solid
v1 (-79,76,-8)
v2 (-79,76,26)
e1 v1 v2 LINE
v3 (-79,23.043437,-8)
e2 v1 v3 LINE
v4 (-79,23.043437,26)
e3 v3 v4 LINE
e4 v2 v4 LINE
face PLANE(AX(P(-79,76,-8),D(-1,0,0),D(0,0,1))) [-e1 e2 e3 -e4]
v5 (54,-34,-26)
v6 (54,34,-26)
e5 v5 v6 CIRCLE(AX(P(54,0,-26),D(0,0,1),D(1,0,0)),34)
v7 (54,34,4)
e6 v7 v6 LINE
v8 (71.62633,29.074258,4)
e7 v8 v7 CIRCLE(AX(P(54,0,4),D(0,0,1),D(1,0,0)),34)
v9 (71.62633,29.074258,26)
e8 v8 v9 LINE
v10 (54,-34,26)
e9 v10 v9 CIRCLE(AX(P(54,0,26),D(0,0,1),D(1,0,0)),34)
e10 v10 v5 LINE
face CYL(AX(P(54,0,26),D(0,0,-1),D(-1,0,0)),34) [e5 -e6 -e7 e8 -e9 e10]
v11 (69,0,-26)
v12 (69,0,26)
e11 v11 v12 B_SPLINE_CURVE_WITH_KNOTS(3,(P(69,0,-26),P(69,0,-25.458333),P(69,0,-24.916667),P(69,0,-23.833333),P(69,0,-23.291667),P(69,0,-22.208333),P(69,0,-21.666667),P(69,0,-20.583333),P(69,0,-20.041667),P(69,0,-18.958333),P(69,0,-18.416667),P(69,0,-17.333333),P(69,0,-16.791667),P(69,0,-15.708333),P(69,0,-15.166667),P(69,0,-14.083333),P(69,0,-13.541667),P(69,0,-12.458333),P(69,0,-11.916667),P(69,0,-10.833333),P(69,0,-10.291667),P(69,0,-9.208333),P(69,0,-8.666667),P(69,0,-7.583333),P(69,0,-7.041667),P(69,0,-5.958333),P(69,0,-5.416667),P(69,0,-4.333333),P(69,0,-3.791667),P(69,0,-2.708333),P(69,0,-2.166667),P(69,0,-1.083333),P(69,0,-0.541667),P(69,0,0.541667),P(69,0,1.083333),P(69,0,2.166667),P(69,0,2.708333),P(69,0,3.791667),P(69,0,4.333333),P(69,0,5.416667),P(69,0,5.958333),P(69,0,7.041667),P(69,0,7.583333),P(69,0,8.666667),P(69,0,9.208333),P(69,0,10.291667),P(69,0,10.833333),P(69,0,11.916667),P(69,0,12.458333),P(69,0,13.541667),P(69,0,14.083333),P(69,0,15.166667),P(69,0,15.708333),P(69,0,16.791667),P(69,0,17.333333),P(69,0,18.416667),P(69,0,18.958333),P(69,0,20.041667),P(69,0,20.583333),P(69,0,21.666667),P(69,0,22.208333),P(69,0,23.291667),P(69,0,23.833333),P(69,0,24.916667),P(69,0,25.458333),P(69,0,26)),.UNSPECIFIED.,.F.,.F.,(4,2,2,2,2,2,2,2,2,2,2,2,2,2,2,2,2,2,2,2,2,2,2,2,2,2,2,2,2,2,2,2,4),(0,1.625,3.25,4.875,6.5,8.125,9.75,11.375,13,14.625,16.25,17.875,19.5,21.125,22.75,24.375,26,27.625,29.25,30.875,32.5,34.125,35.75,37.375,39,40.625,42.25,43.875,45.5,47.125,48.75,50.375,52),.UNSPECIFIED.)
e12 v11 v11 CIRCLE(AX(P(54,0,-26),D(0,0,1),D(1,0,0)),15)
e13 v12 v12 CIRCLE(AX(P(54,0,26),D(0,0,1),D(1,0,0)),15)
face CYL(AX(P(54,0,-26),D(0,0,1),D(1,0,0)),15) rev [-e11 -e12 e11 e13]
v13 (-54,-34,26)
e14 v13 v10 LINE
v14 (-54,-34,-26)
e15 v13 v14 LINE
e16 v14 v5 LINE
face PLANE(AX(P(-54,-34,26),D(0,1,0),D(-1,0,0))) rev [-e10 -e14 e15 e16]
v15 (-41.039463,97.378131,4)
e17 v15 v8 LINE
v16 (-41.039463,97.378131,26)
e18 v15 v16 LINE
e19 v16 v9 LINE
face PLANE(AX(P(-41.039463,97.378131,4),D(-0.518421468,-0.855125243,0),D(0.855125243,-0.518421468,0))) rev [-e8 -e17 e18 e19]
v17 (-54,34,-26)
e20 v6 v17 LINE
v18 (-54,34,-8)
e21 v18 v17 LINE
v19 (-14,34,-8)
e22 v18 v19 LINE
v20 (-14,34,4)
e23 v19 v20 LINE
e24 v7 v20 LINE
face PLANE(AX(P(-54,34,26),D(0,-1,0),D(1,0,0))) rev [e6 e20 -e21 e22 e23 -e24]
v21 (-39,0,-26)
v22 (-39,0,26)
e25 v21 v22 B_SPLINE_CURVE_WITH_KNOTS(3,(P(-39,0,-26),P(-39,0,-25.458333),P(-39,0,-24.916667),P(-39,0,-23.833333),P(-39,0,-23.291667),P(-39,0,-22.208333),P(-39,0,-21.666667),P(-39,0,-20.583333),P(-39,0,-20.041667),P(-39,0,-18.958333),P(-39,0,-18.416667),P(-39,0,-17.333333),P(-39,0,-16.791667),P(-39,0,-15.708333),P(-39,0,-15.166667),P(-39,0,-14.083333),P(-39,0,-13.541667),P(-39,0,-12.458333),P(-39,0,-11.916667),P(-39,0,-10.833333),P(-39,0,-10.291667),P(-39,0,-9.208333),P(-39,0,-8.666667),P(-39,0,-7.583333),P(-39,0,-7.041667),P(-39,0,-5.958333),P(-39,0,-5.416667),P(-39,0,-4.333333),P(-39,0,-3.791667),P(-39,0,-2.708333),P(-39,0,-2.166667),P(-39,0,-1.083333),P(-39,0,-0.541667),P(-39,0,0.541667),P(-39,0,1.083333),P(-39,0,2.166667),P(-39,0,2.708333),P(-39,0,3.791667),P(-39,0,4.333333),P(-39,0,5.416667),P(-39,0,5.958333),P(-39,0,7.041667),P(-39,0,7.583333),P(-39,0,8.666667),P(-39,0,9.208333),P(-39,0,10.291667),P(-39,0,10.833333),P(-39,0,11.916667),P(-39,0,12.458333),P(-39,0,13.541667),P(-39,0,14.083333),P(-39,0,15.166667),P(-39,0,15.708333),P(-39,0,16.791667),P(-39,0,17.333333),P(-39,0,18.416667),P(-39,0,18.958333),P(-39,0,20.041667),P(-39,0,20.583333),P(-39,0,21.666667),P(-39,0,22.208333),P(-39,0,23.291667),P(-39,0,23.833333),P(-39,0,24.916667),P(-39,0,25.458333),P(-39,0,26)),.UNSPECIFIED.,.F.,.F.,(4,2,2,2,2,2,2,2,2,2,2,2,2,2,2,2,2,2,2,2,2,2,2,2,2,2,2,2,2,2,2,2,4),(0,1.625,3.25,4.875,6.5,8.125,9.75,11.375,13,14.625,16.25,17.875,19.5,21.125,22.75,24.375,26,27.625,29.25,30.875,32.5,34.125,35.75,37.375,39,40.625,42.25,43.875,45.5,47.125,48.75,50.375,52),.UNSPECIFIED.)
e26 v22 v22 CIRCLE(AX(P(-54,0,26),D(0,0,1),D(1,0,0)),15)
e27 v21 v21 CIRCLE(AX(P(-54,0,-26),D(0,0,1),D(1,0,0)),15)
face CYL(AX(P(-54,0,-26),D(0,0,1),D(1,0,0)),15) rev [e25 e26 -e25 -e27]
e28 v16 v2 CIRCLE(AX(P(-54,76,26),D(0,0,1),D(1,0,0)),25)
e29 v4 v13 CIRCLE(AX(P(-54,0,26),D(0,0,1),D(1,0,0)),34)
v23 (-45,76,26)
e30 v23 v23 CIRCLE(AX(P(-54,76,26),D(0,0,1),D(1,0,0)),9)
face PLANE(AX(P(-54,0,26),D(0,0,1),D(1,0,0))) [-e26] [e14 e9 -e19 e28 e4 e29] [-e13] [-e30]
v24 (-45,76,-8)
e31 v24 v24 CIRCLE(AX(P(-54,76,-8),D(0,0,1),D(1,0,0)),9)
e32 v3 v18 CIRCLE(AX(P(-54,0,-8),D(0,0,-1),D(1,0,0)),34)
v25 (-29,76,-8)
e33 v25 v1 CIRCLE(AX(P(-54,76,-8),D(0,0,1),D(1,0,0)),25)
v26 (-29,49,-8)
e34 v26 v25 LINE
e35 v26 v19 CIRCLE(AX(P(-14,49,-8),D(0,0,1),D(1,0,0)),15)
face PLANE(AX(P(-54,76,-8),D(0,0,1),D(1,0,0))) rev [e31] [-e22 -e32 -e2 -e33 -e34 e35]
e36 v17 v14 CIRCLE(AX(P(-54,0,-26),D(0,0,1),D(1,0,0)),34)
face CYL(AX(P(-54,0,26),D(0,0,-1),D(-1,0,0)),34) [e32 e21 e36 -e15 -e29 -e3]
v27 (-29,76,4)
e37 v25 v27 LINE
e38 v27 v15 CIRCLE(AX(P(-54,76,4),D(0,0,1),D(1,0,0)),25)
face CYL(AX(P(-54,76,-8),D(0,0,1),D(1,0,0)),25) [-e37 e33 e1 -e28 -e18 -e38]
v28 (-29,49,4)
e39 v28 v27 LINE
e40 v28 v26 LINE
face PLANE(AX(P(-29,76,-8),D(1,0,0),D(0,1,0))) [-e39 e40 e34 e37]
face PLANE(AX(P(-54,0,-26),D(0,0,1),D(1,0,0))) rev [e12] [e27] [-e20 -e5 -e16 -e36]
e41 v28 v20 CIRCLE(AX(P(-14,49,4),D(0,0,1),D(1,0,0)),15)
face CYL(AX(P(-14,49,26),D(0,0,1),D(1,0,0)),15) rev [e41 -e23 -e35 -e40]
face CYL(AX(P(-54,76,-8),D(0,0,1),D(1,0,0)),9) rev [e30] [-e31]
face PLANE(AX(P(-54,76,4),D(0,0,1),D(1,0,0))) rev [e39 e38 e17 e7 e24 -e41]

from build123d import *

# Parameters (mm, degrees)
BOSS_EXTRUDE1_DEPTH = 26
SKETCH2_R           = 15
CUT_EXTRUDE1_DEPTH  = 108.721864076
SKETCH3_R           = 25
SKETCH3_R_2         = 9
BOSS_EXTRUDE2_DEPTH = 34
BOSS_EXTRUDE3_DEPTH = 34
FILLET1_R           = 15
BOSS_EXTRUDE4_DEPTH = 22


with BuildPart() as part:
    # Sketch1 → Boss-Extrude1 (new, symmetric)
    with BuildSketch(Plane.XY):
        with BuildLine():
            Line((-54, 34), (54, 34))
            ThreePointArc((54, 34), (88, 0), (54, -34))
            Line((54, -34), (-54, -34))
            ThreePointArc((-54, -34), (-88, 0), (-54, 34))
        make_face()
    extrude(amount=BOSS_EXTRUDE1_DEPTH, both=True)

    # Sketch2 → Cut-Extrude1 (cut, through all)
    with BuildSketch(Plane.XY.offset(26)):
        with Locations((54, 0)):
            Circle(SKETCH2_R)
        with Locations((-54, 0)):
            Circle(SKETCH2_R)
    extrude(amount=-CUT_EXTRUDE1_DEPTH, mode=Mode.SUBTRACT)



with BuildPart() as body_2:
    # Sketch3 → Boss-Extrude2 (new body)
    with BuildSketch(Plane.XY.offset(26)):
        with Locations((-54, 76)):
            Circle(SKETCH3_R)
        with Locations((-54, 76)):
            Circle(SKETCH3_R_2, mode=Mode.SUBTRACT)
    extrude(amount=-BOSS_EXTRUDE2_DEPTH)


with BuildPart() as part_1:
    add(part.part)

    add(body_2.part)  # Boss-Extrude3 merges body 2
    # Sketch4 → Boss-Extrude3 (add)
    with BuildSketch(Plane.XY.offset(26)):
        with BuildLine():
            Line((-79, 76), (-79, 23.043437244))
            ThreePointArc((-79, 23.043437244), (-67.647767834, 31.140623519), (-54, 34))
            Line((-54, 34), (-29, 34))
            Line((-29, 34), (-29, 76))
            ThreePointArc((-29, 76), (-54, 51), (-79, 76))
        make_face()
    extrude(amount=-BOSS_EXTRUDE3_DEPTH)

    # Fillet1
    fillet1_edges = [part_1.edges().sort_by_distance(p)[0] for p in [
        (-29, 34, 9),
    ]]
    fillet(fillet1_edges, radius=FILLET1_R)

    # Sketch5 → Boss-Extrude4 (add)
    with BuildSketch(Plane.XY.offset(26)):
        with BuildLine():
            Line((-41.03946331, 97.378131086), (71.626329898, 29.074258276))
            ThreePointArc((71.626329898, 29.074258276), (63.150825608, 32.745417858), (54, 34))
            Line((54, 34), (-14, 34))
            ThreePointArc((-14, 34), (-24.606601718, 38.393398282), (-29, 49))
            Line((-29, 49), (-29, 76))
            ThreePointArc((-29, 76), (-32.216825102, 88.26757072), (-41.03946331, 97.378131086))
        make_face()
    extrude(amount=-BOSS_EXTRUDE4_DEPTH)


solid = part_1.part
